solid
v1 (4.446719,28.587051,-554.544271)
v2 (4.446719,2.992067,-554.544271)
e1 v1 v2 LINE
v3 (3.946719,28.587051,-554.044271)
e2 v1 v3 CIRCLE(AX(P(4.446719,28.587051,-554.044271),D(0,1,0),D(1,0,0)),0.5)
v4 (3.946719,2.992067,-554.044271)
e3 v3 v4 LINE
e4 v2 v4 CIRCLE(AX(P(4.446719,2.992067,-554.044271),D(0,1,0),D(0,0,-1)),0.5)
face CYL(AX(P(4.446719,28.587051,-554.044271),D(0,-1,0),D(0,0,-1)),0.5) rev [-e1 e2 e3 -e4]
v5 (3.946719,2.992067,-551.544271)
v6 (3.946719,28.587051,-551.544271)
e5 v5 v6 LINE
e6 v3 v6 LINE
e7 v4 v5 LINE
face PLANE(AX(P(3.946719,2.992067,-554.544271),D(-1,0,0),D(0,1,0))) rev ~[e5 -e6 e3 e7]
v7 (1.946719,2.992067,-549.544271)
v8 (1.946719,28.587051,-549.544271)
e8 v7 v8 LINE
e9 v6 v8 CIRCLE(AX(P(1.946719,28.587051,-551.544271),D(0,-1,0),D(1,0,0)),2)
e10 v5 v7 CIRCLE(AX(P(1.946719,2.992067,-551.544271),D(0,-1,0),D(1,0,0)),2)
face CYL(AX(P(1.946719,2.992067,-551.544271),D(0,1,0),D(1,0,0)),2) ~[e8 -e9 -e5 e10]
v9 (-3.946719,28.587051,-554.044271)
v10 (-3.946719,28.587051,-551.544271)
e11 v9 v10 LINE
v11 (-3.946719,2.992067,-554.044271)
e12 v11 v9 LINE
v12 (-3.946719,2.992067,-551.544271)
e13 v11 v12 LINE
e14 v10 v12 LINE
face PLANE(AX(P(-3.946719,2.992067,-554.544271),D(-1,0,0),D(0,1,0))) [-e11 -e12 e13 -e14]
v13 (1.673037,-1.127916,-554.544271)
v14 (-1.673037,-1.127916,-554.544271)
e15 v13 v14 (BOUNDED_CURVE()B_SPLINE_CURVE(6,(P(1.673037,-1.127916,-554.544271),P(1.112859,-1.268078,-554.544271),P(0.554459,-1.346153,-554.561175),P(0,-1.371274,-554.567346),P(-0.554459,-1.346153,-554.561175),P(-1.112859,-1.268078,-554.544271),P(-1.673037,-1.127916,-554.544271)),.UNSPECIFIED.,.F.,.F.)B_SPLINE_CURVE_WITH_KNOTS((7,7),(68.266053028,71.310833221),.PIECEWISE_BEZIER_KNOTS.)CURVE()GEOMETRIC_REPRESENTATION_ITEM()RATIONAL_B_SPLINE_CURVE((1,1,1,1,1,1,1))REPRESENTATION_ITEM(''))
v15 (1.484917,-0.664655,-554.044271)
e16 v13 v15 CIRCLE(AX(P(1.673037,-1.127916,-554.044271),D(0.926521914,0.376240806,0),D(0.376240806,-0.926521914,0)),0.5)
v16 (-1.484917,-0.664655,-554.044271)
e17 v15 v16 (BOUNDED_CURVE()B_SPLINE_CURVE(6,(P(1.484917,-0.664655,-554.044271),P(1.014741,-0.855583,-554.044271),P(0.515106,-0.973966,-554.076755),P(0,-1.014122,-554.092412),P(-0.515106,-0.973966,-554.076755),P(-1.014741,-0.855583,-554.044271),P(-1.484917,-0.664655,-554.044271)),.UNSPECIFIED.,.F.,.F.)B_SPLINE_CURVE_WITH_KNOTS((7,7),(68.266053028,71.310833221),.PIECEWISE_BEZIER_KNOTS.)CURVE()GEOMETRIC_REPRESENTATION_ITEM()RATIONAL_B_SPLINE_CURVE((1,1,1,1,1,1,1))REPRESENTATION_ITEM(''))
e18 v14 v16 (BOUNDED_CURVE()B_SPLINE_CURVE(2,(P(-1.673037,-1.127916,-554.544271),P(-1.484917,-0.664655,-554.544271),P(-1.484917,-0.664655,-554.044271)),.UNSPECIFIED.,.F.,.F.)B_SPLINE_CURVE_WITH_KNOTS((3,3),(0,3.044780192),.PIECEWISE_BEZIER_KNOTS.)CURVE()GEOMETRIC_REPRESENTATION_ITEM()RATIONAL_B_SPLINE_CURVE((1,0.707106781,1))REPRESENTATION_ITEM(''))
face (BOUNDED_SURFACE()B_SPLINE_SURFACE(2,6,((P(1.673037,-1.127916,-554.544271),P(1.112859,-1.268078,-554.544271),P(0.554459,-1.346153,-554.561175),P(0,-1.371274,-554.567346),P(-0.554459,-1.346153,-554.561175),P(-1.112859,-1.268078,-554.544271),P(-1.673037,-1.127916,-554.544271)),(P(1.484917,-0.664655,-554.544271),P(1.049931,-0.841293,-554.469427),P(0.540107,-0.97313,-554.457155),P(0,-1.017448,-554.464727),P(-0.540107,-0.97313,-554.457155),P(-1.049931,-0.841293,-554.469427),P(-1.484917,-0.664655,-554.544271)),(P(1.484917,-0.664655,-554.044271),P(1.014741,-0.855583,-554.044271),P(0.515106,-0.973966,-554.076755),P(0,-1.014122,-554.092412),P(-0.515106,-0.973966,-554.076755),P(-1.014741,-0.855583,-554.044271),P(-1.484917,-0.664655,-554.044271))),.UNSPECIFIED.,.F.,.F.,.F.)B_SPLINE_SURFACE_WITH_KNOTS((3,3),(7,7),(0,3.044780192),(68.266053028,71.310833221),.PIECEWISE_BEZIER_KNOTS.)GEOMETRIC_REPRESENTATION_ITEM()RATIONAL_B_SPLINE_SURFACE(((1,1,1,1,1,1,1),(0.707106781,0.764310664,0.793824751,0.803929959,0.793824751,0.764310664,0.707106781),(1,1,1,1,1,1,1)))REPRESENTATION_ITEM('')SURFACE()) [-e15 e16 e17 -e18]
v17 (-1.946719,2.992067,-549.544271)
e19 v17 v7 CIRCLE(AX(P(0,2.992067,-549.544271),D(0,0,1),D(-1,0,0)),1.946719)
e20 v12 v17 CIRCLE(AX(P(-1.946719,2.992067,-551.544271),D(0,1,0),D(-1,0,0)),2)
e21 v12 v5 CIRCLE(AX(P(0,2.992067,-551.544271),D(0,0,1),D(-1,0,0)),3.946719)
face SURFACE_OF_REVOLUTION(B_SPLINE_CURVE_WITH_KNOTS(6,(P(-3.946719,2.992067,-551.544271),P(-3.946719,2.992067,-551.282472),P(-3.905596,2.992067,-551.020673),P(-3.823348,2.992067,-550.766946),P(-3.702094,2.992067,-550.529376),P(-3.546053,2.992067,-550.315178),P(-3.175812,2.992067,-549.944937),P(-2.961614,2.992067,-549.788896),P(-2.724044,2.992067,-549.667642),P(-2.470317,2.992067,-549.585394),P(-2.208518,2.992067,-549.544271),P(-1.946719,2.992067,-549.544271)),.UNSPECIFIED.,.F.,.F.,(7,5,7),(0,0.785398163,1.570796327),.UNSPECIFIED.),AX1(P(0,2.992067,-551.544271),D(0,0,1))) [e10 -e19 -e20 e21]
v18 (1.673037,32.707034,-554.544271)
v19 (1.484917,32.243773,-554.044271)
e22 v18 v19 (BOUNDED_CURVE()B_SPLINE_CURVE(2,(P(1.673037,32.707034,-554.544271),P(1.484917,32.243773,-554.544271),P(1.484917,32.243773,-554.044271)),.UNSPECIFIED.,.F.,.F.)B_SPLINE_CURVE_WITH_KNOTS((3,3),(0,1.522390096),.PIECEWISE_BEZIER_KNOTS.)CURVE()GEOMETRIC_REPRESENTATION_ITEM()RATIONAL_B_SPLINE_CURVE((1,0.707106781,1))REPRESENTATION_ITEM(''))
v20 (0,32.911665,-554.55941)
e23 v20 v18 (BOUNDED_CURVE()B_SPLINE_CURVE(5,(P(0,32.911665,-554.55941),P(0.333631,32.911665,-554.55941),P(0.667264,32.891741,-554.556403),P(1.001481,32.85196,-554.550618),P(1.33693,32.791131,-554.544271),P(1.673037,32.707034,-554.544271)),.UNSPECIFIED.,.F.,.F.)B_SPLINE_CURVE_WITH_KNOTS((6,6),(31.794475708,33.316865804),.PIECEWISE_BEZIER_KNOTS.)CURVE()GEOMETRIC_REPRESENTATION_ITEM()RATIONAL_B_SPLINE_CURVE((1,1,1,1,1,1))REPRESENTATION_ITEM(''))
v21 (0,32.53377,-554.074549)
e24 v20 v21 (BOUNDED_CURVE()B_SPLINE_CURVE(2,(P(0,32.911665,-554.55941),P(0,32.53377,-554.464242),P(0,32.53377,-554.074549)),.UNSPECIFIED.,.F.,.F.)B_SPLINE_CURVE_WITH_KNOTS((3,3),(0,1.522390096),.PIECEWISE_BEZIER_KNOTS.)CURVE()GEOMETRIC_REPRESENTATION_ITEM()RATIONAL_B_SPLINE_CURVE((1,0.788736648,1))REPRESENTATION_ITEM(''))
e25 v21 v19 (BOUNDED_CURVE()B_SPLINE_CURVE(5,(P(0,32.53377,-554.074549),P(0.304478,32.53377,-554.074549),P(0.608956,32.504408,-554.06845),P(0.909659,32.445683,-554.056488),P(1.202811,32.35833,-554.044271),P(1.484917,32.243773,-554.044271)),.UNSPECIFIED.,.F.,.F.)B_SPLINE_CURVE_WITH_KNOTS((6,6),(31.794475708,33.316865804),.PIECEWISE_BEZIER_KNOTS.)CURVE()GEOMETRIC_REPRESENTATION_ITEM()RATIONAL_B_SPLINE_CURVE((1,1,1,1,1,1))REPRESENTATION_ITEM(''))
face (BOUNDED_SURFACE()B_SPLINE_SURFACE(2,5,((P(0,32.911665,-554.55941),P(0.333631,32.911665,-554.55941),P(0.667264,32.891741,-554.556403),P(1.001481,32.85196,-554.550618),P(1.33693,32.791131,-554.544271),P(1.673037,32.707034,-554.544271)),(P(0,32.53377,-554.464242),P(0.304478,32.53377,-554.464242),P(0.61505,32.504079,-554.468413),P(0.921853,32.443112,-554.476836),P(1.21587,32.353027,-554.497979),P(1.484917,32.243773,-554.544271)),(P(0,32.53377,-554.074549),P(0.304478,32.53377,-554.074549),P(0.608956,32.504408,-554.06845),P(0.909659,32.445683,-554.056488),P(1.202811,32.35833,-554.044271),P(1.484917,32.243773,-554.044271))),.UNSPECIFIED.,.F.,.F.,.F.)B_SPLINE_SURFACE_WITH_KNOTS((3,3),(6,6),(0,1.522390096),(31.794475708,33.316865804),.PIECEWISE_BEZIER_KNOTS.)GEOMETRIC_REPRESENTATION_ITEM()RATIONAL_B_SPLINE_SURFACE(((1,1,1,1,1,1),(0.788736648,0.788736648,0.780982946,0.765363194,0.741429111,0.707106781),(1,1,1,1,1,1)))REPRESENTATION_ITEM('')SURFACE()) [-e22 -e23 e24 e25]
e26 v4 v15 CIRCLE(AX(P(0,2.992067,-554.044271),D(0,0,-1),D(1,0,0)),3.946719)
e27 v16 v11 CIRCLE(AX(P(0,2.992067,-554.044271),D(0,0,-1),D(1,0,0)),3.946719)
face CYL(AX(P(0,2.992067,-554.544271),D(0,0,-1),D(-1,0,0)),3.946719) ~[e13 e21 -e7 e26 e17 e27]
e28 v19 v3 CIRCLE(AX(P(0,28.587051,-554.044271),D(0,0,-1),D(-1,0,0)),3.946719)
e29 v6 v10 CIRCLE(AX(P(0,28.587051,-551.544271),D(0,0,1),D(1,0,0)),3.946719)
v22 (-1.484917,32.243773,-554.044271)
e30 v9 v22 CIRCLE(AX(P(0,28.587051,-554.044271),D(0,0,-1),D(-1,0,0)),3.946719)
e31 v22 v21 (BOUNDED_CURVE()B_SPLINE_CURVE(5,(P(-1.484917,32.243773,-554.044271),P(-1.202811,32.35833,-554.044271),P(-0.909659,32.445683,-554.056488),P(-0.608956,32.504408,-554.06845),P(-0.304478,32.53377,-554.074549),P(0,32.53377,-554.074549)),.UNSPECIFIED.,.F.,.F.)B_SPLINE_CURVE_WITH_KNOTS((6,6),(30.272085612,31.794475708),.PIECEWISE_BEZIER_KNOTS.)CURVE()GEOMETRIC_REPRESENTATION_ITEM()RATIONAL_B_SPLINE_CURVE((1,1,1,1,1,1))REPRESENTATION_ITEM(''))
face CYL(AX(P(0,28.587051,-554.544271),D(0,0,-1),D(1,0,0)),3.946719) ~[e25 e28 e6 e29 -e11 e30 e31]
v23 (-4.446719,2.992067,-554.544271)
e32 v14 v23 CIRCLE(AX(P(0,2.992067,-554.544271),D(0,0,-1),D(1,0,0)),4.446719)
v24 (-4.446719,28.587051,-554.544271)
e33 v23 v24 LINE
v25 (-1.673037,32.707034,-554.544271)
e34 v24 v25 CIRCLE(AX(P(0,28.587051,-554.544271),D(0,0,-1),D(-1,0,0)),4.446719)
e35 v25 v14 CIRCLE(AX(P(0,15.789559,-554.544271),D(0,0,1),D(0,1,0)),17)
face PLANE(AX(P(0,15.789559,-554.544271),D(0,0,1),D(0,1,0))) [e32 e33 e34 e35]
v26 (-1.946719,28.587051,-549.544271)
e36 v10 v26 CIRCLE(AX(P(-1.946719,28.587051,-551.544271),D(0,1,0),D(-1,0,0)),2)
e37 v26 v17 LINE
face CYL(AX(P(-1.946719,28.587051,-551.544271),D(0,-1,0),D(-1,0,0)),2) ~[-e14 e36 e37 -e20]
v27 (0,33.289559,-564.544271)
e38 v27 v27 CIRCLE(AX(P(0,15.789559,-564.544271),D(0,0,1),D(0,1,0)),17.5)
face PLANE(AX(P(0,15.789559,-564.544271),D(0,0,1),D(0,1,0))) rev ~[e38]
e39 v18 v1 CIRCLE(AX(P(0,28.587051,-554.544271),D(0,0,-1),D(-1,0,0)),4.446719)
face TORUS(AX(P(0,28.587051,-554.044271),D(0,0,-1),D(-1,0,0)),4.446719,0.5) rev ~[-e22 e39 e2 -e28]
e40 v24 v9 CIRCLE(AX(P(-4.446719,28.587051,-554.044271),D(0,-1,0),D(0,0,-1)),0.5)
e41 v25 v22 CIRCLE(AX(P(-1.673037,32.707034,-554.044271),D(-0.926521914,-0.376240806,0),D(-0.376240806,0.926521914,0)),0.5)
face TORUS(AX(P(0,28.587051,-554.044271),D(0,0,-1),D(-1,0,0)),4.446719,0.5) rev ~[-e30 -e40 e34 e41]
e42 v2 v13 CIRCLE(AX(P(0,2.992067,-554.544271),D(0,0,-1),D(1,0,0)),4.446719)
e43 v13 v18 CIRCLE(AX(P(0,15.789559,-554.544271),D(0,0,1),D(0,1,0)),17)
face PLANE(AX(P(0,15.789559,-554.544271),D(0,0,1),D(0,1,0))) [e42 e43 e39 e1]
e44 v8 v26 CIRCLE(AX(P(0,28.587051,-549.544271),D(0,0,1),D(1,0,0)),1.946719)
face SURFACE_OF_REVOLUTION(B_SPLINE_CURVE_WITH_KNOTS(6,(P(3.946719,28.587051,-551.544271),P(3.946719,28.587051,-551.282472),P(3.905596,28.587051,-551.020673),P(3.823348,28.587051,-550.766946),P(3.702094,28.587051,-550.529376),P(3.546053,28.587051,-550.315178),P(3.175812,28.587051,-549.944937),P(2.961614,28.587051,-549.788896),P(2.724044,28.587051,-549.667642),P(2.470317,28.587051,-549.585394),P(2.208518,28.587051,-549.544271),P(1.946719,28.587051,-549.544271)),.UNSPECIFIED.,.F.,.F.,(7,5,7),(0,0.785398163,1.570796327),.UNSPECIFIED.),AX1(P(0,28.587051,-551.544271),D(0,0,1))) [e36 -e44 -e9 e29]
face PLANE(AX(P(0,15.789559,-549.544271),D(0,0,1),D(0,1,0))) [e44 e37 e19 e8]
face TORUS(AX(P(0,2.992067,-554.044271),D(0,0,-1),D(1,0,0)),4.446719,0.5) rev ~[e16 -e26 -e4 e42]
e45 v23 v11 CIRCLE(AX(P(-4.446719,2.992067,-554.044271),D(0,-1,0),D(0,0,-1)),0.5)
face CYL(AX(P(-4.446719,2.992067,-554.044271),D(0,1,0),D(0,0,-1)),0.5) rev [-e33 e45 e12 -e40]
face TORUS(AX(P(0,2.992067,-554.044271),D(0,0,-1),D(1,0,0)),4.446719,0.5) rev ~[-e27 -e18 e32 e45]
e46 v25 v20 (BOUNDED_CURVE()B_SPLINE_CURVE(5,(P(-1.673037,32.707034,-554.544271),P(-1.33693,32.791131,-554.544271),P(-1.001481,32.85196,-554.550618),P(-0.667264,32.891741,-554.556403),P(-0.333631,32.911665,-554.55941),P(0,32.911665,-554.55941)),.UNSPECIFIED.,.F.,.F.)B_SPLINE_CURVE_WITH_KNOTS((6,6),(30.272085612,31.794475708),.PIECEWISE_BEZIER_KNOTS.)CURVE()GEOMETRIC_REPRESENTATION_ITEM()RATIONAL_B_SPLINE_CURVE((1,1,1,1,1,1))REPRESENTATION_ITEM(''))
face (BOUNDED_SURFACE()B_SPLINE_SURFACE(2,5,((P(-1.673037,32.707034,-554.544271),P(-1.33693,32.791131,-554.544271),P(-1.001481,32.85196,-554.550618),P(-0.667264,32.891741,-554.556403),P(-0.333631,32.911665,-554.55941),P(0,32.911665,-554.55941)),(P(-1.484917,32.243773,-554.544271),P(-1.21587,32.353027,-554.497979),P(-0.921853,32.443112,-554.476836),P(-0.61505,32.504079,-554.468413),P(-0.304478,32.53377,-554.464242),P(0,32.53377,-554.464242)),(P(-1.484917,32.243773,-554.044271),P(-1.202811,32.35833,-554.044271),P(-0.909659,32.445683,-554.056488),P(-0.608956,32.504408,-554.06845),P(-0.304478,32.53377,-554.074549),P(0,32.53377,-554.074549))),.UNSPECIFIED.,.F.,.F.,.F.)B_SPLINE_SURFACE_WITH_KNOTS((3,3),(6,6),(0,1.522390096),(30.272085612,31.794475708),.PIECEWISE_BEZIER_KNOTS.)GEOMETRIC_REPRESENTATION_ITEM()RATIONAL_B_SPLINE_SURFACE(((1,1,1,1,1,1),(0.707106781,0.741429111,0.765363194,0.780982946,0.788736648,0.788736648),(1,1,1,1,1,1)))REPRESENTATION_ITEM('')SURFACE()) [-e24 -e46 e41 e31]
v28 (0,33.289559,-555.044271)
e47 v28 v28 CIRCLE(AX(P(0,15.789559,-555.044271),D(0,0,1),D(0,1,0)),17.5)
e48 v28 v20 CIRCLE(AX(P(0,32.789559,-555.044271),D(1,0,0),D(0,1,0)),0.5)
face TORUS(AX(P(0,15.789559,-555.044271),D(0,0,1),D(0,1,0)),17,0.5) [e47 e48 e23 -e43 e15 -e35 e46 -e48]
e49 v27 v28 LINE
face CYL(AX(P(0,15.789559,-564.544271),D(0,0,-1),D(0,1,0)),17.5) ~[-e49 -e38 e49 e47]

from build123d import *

# Parameters (mm, degrees)
SKETCH048_R  = 17.5
PAD032_DEPTH = 10
PAD033_DEPTH = 5
FILLET011_R  = 0.5
FILLET012_R  = 0.5
FILLET013_R  = 2


with BuildPart() as part:
    # Sketch048 (on DatumPlane) → Pad032 (new body)
    with BuildSketch(Plane(origin=(0, 15.789559, -564.544271), x_dir=(0, 1, 0), z_dir=(0, 0, 1))):
        Circle(SKETCH048_R)
    extrude(amount=PAD032_DEPTH)

    # Sketch049 (on Face3 of Pad032) → Pad033 (join)
    with BuildSketch(Plane(origin=(0, 15.789559, -554.544271), x_dir=(0, 1, 0), z_dir=(0, 0, 1))):
        with BuildLine():
            ThreePointArc((-12.797492, 3.946719), (-16.744211, 0), (-12.797492, -3.946719))
            Line((-12.797492, -3.946719), (12.797492, -3.946719))
            ThreePointArc((12.797492, -3.946719), (16.744211, 0), (12.797492, 3.946719))
            Line((-12.797492, 3.946719), (12.797492, 3.946719))
        make_face()
    extrude(amount=PAD033_DEPTH)

    # Fillet011
    fillet011_edges = [part.edges().sort_by_distance(p)[0] for p in [
        (0, -1.710441, -554.544271),
    ]]
    fillet(fillet011_edges, radius=FILLET011_R)

    # Fillet012
    fillet012_edges = [part.edges().sort_by_distance(p)[0] for p in [
        (-3.946719, 15.789559, -554.544271),
    ]]
    fillet(fillet012_edges, radius=FILLET012_R)

    # Fillet013
    fillet013_edges = [part.edges().sort_by_distance(p)[0] for p in [
        (0, 32.53377, -549.544271),
    ]]
    fillet(fillet013_edges, radius=FILLET013_R)


solid = part.part
